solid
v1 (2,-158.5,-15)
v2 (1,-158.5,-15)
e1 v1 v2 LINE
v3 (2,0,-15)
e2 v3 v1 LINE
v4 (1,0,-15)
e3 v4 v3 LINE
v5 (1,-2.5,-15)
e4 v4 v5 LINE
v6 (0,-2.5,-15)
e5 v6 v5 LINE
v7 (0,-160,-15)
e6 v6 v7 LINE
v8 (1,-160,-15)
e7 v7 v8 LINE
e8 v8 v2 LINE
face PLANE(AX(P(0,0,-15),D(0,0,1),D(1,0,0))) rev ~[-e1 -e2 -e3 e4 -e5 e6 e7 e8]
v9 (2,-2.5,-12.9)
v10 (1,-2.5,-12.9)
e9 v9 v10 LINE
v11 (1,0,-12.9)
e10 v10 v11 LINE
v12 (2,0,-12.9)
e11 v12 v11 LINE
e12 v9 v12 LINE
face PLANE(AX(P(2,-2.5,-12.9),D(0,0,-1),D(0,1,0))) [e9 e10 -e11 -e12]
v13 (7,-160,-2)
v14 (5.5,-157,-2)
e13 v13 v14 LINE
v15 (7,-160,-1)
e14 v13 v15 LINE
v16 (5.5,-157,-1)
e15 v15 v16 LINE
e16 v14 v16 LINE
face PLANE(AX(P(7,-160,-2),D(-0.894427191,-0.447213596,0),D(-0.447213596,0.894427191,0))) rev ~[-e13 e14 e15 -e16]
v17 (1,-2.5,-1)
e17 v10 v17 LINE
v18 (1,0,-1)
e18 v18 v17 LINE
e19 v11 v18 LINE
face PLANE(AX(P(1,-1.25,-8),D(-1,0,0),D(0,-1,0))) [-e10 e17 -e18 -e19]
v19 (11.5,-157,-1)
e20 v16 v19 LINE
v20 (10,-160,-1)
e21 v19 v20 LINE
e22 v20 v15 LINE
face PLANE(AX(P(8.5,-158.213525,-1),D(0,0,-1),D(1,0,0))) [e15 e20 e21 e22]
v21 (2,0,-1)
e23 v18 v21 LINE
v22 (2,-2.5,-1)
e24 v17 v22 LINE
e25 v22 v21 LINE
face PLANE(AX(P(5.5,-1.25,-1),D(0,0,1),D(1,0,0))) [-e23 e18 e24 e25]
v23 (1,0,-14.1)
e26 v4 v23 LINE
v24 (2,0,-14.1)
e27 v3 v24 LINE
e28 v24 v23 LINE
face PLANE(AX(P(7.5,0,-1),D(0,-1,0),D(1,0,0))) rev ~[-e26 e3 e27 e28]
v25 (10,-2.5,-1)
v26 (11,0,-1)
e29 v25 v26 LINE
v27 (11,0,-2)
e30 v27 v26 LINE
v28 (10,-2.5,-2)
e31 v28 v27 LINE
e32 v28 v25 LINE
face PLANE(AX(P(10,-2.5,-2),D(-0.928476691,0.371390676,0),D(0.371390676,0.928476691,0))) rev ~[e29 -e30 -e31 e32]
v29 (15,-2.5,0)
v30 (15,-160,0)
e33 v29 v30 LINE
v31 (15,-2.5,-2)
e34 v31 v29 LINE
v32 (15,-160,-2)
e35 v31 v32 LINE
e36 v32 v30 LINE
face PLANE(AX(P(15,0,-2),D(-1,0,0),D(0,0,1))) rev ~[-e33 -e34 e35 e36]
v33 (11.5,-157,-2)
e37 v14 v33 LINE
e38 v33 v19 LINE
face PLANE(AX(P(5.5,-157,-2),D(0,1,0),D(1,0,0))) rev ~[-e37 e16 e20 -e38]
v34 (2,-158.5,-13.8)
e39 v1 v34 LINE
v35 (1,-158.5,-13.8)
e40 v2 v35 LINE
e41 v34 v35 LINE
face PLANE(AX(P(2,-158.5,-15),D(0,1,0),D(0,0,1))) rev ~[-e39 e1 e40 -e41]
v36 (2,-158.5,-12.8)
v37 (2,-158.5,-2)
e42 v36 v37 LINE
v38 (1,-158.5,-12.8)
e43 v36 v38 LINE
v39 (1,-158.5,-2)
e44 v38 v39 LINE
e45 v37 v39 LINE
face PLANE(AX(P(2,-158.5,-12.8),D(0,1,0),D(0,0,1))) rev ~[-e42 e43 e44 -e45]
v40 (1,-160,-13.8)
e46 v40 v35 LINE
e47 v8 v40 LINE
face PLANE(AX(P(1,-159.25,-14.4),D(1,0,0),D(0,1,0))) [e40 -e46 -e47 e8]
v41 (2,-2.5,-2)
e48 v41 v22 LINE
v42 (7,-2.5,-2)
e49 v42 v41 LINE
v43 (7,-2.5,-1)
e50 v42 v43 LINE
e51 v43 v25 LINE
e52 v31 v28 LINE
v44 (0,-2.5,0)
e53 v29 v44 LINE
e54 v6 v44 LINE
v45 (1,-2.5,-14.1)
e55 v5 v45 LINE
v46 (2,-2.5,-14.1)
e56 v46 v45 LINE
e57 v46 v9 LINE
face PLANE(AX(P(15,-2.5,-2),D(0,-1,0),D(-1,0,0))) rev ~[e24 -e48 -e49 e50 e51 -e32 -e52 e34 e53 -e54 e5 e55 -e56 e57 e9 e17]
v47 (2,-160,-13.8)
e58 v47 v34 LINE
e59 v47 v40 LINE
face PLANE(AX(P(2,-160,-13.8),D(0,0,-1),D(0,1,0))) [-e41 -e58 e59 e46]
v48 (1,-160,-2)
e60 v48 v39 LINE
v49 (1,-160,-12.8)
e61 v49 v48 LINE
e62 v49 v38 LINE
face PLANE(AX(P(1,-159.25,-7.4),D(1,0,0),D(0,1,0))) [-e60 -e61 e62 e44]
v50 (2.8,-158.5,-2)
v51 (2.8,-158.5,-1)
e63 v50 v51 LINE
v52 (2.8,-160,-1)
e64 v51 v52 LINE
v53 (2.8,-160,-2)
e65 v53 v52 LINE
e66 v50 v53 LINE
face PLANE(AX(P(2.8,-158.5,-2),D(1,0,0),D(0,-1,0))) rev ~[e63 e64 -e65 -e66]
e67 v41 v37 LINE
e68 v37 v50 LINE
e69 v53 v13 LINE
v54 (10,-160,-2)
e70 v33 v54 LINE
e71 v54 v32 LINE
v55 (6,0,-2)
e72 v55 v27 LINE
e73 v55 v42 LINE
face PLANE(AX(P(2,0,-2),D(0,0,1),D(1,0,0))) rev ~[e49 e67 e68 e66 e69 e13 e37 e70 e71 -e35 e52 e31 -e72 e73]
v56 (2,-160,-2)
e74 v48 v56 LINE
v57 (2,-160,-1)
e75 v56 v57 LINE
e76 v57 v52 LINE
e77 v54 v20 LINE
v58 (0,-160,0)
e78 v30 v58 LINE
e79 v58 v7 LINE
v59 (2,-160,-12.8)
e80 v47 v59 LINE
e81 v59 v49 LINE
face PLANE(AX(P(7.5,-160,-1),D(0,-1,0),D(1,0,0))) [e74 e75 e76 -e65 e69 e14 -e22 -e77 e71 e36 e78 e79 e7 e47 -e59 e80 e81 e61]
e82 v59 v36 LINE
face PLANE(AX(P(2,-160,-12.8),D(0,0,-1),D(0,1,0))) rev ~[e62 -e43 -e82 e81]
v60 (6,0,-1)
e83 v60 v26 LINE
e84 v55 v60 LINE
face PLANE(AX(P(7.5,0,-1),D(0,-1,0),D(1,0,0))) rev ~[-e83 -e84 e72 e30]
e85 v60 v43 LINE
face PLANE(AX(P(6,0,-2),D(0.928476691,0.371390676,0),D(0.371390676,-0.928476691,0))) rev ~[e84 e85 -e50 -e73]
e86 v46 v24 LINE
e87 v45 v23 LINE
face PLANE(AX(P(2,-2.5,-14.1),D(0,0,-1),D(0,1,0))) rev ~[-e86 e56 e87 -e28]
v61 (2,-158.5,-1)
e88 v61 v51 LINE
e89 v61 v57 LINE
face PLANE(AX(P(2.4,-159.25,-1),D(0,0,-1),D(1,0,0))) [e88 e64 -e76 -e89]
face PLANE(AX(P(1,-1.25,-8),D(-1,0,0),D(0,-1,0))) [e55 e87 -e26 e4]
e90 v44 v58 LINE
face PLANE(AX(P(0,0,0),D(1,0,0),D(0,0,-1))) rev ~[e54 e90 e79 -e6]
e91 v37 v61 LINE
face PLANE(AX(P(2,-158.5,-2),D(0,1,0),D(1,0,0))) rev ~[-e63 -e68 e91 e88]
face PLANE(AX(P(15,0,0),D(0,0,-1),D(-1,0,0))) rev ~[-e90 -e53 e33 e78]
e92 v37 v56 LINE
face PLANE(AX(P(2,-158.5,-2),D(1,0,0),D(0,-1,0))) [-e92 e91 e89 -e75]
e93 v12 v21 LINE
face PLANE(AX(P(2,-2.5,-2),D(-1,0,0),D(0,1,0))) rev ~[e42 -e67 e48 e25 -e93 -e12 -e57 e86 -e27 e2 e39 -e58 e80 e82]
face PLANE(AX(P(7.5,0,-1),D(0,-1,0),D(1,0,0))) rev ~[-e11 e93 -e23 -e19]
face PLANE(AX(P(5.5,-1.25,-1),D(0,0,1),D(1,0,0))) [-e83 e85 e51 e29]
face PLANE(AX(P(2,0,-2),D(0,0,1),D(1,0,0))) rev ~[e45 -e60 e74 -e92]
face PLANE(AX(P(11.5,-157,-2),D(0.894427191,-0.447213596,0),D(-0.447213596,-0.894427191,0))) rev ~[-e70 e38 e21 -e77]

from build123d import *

# Parameters (mm, degrees)
F0_W      = 2
F0_H      = 13
F1_DEPTH  = 160
F2_W      = 1.5
F2_H      = 1.2
F2_H_2    = 10.8
F3_DEPTH  = 1
F4_W      = 0.8
F4_H      = 1.5
F5_DEPTH  = 1
F7_DEPTH  = 2
F8_W      = 2.5
F8_H      = 1.2
F9_DEPTH  = 1
F10_W     = 11
F10_H     = 2.5
F11_DEPTH = 1
F12_W     = 2.5
F12_H     = 14
F13_DEPTH = 1


with BuildPart() as f1:
    # F0 (on Front) → F1 (new body)
    with BuildSketch(Plane.XZ):
        Polygon((15, 0), (0, 0), (0, -2), (2, -2), (15, -2), align=None)
        with Locations((1, -8.5)):
            Rectangle(F0_W, F0_H)
    extrude(amount=F1_DEPTH)

    # F2 (on face) → F3 (cut)
    with BuildSketch(Plane.YZ.offset(2)):
        with Locations((-159.25, -14.4)):
            Rectangle(F2_W, F2_H)
        with Locations((-159.25, -7.4)):
            Rectangle(F2_W, F2_H_2)
    extrude(amount=-F3_DEPTH, mode=Mode.SUBTRACT)

    # F4 (on face) → F5 (cut)
    with BuildSketch(Plane(origin=(0, 0, -2), x_dir=(1, 0, 0), z_dir=(0, 0, -1))):
        Polygon((11.5, 157), (10, 160), (7, 160), (5.5, 157), align=None)
        with Locations((2.4, 159.25)):
            Rectangle(F4_W, F4_H)
    extrude(amount=-F5_DEPTH, mode=Mode.SUBTRACT)

    # F6 (on face) → F7 (cut)
    with BuildSketch(Plane(origin=(0, 0, -2), x_dir=(1, 0, 0), z_dir=(0, 0, -1))):
        Polygon((10, 2.5), (11, 0), (15, 0), (15, 2.5), align=None)
        Polygon((6, 0), (7, 2.5), (2, 2.5), (2, 0), align=None)
    extrude(amount=-F7_DEPTH, mode=Mode.SUBTRACT)

    # F8 (on face) → F9 (cut)
    with BuildSketch(Plane.YZ.offset(2)):
        with Locations((-1.25, -13.5)):
            Rectangle(F8_W, F8_H)
    extrude(amount=-F9_DEPTH, mode=Mode.SUBTRACT)

    # F10 (on face) → F11 (cut)
    with BuildSketch(Plane.XY):
        with Locations((5.5, -1.25)):
            Rectangle(F10_W, F10_H)
    extrude(amount=-F11_DEPTH, mode=Mode.SUBTRACT)

    # F12 (on face) → F13 (cut)
    with BuildSketch(Plane(origin=(0, 0, 0), x_dir=(0, -1, 0), z_dir=(-1, 0, 0))):
        with Locations((1.25, -8)):
            Rectangle(F12_W, F12_H)
    extrude(amount=-F13_DEPTH, mode=Mode.SUBTRACT)


solid = f1.part
